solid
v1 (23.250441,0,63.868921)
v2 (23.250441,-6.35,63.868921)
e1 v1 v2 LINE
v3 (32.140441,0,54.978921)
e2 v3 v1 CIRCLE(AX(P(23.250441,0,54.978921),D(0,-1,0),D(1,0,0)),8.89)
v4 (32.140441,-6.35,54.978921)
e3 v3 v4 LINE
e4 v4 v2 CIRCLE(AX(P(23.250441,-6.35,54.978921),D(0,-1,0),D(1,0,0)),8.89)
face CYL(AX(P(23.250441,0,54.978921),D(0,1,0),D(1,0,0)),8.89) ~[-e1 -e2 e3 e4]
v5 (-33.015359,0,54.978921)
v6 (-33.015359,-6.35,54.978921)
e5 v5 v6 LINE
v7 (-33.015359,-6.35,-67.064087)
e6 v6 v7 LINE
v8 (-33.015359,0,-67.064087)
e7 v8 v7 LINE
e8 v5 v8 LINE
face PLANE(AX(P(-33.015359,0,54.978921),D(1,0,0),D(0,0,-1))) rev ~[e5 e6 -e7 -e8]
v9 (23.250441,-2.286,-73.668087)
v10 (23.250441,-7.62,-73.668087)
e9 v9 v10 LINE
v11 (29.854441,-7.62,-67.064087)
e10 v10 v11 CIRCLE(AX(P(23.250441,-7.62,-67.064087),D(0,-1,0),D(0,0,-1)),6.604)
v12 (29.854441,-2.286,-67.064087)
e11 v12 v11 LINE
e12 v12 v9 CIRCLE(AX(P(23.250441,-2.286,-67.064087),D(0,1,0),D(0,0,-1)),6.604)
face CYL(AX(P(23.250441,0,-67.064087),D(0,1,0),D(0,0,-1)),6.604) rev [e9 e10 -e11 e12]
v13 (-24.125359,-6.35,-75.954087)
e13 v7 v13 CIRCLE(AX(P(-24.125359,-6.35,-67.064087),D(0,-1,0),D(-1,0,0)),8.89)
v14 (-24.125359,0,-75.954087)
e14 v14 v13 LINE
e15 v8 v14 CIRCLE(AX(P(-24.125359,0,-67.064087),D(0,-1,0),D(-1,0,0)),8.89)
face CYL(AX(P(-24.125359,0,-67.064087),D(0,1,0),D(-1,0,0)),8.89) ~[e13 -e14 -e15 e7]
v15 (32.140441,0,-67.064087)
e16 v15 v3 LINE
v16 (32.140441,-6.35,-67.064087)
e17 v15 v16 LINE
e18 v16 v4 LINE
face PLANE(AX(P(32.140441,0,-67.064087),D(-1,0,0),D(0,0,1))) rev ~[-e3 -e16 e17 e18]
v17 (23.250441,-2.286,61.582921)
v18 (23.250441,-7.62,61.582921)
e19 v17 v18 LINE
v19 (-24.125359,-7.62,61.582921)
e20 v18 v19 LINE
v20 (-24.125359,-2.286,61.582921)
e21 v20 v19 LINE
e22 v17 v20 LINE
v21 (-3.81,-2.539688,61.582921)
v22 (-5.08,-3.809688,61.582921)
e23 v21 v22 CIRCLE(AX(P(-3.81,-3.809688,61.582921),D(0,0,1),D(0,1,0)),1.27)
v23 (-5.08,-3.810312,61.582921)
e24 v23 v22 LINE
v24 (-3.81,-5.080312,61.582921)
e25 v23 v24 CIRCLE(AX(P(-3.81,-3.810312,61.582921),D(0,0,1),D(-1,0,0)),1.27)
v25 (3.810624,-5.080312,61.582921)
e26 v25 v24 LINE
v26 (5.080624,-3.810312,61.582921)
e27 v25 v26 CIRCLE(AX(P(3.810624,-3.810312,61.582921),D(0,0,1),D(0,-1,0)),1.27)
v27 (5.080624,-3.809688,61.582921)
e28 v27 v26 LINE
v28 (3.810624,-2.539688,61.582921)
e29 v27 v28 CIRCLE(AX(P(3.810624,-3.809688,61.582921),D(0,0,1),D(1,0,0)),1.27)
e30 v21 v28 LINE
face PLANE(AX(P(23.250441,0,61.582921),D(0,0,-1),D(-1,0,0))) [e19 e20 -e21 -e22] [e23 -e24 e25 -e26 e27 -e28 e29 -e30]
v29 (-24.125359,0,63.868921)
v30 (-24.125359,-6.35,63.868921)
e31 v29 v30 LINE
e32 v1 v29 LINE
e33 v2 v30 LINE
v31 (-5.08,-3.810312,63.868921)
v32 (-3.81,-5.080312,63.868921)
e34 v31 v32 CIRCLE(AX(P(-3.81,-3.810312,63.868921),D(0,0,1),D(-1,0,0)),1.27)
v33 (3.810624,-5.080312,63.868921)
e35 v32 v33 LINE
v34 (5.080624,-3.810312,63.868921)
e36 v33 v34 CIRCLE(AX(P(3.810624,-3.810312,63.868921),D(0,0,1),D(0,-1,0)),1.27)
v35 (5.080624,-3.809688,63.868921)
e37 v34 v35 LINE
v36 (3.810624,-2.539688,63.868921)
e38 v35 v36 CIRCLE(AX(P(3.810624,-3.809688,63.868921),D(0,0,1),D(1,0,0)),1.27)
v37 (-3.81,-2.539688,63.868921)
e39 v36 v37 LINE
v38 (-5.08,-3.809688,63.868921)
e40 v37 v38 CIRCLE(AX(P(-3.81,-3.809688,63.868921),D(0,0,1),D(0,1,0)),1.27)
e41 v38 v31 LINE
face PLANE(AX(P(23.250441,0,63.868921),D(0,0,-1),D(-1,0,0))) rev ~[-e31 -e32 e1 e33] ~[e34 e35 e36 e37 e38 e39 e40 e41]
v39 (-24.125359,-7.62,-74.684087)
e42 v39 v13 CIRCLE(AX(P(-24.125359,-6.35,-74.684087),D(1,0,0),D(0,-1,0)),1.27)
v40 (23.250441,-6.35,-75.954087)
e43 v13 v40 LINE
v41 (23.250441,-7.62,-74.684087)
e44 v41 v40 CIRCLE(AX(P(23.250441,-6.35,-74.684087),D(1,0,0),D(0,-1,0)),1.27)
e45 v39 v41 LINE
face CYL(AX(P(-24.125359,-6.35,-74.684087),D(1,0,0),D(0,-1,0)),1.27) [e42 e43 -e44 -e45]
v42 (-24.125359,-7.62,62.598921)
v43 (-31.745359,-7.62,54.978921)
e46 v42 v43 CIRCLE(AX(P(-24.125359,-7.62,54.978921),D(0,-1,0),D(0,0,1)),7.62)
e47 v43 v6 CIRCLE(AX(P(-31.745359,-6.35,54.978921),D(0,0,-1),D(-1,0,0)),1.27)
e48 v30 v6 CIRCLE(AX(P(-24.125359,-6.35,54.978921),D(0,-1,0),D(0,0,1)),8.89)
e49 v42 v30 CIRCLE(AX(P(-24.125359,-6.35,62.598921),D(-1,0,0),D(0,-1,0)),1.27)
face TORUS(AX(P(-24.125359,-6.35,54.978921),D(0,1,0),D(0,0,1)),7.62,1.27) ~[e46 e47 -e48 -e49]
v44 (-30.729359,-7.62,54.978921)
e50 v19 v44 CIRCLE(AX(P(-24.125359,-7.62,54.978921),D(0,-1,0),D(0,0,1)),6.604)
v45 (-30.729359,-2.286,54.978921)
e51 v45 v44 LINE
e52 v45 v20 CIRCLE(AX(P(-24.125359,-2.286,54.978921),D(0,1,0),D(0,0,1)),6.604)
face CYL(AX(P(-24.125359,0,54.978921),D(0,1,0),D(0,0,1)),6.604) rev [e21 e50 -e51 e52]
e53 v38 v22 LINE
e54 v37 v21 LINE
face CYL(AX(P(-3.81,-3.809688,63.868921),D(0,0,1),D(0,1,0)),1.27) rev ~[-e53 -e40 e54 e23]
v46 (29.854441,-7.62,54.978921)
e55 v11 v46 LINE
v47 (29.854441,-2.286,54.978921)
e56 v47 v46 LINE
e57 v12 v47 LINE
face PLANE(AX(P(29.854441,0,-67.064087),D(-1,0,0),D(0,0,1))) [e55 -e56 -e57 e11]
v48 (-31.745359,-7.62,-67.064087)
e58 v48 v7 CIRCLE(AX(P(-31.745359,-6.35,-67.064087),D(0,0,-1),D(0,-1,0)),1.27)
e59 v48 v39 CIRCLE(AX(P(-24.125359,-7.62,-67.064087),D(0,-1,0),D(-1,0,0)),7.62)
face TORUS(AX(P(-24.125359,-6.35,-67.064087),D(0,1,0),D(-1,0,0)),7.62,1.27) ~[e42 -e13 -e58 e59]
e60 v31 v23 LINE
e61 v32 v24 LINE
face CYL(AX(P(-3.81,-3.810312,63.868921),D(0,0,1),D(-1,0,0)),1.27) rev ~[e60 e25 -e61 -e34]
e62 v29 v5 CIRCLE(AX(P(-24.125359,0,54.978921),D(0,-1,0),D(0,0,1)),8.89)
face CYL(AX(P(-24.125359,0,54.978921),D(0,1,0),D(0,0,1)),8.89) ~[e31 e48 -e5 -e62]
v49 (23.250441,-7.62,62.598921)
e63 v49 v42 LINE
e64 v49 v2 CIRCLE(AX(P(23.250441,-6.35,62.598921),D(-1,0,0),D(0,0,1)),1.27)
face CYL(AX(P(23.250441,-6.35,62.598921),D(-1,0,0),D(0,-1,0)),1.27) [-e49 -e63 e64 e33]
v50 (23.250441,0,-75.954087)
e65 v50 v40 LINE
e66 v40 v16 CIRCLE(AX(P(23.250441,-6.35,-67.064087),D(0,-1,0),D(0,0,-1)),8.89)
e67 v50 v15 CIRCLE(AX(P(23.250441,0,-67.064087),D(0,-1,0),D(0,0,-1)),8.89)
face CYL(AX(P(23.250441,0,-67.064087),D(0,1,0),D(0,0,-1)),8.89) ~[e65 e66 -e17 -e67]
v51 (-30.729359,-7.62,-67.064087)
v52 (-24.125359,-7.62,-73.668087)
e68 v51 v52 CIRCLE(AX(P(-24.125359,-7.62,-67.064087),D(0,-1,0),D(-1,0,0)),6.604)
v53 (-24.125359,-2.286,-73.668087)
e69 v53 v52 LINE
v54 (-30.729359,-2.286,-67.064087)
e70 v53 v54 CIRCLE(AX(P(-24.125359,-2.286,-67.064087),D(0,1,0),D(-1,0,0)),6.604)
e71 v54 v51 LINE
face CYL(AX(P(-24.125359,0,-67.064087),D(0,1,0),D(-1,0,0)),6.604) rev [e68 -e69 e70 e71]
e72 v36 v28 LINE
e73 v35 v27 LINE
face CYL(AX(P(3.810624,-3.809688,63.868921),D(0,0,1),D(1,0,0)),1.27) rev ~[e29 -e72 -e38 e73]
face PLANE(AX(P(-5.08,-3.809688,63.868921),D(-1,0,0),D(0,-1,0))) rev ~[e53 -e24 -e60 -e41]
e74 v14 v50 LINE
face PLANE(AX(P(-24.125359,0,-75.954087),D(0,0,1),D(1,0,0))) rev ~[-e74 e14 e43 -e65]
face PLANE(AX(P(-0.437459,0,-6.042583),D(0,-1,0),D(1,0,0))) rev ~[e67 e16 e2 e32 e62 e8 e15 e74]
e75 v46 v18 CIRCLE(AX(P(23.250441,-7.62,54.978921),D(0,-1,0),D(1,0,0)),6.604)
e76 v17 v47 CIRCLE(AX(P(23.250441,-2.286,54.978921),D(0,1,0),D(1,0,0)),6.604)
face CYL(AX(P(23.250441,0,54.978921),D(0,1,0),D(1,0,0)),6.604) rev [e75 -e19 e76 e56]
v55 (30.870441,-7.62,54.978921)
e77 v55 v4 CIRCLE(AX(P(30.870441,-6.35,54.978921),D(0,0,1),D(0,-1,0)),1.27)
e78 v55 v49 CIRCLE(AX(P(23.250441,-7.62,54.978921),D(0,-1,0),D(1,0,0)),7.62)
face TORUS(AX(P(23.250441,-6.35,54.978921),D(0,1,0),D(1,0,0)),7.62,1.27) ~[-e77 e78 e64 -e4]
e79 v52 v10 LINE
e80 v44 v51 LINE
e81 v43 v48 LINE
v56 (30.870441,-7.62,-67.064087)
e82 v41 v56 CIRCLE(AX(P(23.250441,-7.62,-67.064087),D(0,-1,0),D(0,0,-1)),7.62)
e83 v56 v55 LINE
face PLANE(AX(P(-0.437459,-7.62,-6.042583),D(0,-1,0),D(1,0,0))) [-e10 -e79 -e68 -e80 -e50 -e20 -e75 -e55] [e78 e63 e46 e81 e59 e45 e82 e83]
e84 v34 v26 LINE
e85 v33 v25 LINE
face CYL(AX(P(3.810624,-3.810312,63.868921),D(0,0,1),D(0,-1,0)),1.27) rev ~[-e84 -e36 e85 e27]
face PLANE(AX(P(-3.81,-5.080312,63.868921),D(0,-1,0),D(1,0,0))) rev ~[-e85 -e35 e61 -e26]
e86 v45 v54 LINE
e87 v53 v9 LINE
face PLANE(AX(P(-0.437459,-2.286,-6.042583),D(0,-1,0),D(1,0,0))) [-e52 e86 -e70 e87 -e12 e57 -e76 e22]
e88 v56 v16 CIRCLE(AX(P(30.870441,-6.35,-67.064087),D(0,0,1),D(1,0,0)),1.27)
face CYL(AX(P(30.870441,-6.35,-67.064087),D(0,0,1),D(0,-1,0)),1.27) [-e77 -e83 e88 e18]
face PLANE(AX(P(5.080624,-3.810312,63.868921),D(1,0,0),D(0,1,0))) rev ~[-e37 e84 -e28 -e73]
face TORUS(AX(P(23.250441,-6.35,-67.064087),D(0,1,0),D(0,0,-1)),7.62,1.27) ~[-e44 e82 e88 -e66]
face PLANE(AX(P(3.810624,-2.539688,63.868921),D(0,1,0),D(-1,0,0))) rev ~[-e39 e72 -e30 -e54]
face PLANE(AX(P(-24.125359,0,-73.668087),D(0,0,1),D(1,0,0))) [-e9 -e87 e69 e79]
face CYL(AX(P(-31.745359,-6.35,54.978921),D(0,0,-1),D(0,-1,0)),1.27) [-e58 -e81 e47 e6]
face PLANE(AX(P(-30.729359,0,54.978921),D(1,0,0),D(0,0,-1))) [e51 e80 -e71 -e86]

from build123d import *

# Parameters (mm, degrees)
F1_DEPTH = 7.62
F3_T     = -2.286
F5_DEPTH = 15.5702
F6_R     = 1.27


with BuildPart() as f1:
    # F0 (on Front) → F1 (new body)
    with BuildSketch(Plane.XZ):
        with BuildLine():
            Line((23.2504412389, 63.8689214671), (-24.1253591931, 63.8689214671))
            ThreePointArc((-24.1253591931, 63.8689214671), (-30.4115384778, 61.2651007518), (-33.0153591931, 54.9789214671))
            Line((-33.0153591931, 54.9789214671), (-33.0153591931, -67.0640870786))
            ThreePointArc((-33.0153591931, -67.0640870786), (-30.4115384778, -73.3502663633), (-24.1253591931, -75.9540870786))
            Line((-24.1253591931, -75.9540870786), (23.2504412389, -75.9540870786))
            ThreePointArc((23.2504412389, -75.9540870786), (29.5366205236, -73.3502663633), (32.1404412389, -67.0640870786))
            Line((32.1404412389, -67.0640870786), (32.1404412389, 54.9789214671))
            ThreePointArc((32.1404412389, 54.9789214671), (29.5366205236, 61.2651007518), (23.2504412389, 63.8689214671))
        make_face()
    extrude(amount=F1_DEPTH)

    # F3
    f3_openings = [f1.faces().sort_by_distance(p)[0] for p in [
        (-0.437459, -7.62, -6.042583),
    ]]
    offset(amount=F3_T, openings=f3_openings)

    # F4 (on face) → F5 (cut)
    with BuildSketch(Plane.XY.offset(63.8689214671)):
        with BuildLine():
            Line((3.8106236157, -2.5396881921), (-3.81, -2.5396881921))
            ThreePointArc((-3.81, -2.5396881921), (-4.7080256121, -2.91166258), (-5.08, -3.8096881921))
            Line((-5.08, -3.8096881921), (-5.08, -3.8103118079))
            ThreePointArc((-5.08, -3.8103118079), (-4.7080256121, -4.70833742), (-3.81, -5.0803118079))
            Line((-3.81, -5.0803118079), (3.8106236157, -5.0803118079))
            ThreePointArc((3.8106236157, -5.0803118079), (4.7086492278, -4.70833742), (5.0806236157, -3.8103118079))
            Line((5.0806236157, -3.8103118079), (5.0806236157, -3.8096881921))
            ThreePointArc((5.0806236157, -3.8096881921), (4.7086492278, -2.91166258), (3.8106236157, -2.5396881921))
        make_face()
    extrude(amount=-F5_DEPTH, mode=Mode.SUBTRACT)

    # F6
    f6_edges = [f1.edges().sort_by_distance(p)[0] for p in [
        (-0.437459, -7.62, -75.954087),
        (29.536621, -7.62, -73.350266),
        (32.140441, -7.62, -6.042583),
        (29.536621, -7.62, 61.265101),
        (-0.437459, -7.62, 63.868921),
        (-30.411538, -7.62, -73.350266),
        (-33.015359, -7.62, -6.042583),
    ]]
    fillet(f6_edges, radius=F6_R)


solid = f1.part
